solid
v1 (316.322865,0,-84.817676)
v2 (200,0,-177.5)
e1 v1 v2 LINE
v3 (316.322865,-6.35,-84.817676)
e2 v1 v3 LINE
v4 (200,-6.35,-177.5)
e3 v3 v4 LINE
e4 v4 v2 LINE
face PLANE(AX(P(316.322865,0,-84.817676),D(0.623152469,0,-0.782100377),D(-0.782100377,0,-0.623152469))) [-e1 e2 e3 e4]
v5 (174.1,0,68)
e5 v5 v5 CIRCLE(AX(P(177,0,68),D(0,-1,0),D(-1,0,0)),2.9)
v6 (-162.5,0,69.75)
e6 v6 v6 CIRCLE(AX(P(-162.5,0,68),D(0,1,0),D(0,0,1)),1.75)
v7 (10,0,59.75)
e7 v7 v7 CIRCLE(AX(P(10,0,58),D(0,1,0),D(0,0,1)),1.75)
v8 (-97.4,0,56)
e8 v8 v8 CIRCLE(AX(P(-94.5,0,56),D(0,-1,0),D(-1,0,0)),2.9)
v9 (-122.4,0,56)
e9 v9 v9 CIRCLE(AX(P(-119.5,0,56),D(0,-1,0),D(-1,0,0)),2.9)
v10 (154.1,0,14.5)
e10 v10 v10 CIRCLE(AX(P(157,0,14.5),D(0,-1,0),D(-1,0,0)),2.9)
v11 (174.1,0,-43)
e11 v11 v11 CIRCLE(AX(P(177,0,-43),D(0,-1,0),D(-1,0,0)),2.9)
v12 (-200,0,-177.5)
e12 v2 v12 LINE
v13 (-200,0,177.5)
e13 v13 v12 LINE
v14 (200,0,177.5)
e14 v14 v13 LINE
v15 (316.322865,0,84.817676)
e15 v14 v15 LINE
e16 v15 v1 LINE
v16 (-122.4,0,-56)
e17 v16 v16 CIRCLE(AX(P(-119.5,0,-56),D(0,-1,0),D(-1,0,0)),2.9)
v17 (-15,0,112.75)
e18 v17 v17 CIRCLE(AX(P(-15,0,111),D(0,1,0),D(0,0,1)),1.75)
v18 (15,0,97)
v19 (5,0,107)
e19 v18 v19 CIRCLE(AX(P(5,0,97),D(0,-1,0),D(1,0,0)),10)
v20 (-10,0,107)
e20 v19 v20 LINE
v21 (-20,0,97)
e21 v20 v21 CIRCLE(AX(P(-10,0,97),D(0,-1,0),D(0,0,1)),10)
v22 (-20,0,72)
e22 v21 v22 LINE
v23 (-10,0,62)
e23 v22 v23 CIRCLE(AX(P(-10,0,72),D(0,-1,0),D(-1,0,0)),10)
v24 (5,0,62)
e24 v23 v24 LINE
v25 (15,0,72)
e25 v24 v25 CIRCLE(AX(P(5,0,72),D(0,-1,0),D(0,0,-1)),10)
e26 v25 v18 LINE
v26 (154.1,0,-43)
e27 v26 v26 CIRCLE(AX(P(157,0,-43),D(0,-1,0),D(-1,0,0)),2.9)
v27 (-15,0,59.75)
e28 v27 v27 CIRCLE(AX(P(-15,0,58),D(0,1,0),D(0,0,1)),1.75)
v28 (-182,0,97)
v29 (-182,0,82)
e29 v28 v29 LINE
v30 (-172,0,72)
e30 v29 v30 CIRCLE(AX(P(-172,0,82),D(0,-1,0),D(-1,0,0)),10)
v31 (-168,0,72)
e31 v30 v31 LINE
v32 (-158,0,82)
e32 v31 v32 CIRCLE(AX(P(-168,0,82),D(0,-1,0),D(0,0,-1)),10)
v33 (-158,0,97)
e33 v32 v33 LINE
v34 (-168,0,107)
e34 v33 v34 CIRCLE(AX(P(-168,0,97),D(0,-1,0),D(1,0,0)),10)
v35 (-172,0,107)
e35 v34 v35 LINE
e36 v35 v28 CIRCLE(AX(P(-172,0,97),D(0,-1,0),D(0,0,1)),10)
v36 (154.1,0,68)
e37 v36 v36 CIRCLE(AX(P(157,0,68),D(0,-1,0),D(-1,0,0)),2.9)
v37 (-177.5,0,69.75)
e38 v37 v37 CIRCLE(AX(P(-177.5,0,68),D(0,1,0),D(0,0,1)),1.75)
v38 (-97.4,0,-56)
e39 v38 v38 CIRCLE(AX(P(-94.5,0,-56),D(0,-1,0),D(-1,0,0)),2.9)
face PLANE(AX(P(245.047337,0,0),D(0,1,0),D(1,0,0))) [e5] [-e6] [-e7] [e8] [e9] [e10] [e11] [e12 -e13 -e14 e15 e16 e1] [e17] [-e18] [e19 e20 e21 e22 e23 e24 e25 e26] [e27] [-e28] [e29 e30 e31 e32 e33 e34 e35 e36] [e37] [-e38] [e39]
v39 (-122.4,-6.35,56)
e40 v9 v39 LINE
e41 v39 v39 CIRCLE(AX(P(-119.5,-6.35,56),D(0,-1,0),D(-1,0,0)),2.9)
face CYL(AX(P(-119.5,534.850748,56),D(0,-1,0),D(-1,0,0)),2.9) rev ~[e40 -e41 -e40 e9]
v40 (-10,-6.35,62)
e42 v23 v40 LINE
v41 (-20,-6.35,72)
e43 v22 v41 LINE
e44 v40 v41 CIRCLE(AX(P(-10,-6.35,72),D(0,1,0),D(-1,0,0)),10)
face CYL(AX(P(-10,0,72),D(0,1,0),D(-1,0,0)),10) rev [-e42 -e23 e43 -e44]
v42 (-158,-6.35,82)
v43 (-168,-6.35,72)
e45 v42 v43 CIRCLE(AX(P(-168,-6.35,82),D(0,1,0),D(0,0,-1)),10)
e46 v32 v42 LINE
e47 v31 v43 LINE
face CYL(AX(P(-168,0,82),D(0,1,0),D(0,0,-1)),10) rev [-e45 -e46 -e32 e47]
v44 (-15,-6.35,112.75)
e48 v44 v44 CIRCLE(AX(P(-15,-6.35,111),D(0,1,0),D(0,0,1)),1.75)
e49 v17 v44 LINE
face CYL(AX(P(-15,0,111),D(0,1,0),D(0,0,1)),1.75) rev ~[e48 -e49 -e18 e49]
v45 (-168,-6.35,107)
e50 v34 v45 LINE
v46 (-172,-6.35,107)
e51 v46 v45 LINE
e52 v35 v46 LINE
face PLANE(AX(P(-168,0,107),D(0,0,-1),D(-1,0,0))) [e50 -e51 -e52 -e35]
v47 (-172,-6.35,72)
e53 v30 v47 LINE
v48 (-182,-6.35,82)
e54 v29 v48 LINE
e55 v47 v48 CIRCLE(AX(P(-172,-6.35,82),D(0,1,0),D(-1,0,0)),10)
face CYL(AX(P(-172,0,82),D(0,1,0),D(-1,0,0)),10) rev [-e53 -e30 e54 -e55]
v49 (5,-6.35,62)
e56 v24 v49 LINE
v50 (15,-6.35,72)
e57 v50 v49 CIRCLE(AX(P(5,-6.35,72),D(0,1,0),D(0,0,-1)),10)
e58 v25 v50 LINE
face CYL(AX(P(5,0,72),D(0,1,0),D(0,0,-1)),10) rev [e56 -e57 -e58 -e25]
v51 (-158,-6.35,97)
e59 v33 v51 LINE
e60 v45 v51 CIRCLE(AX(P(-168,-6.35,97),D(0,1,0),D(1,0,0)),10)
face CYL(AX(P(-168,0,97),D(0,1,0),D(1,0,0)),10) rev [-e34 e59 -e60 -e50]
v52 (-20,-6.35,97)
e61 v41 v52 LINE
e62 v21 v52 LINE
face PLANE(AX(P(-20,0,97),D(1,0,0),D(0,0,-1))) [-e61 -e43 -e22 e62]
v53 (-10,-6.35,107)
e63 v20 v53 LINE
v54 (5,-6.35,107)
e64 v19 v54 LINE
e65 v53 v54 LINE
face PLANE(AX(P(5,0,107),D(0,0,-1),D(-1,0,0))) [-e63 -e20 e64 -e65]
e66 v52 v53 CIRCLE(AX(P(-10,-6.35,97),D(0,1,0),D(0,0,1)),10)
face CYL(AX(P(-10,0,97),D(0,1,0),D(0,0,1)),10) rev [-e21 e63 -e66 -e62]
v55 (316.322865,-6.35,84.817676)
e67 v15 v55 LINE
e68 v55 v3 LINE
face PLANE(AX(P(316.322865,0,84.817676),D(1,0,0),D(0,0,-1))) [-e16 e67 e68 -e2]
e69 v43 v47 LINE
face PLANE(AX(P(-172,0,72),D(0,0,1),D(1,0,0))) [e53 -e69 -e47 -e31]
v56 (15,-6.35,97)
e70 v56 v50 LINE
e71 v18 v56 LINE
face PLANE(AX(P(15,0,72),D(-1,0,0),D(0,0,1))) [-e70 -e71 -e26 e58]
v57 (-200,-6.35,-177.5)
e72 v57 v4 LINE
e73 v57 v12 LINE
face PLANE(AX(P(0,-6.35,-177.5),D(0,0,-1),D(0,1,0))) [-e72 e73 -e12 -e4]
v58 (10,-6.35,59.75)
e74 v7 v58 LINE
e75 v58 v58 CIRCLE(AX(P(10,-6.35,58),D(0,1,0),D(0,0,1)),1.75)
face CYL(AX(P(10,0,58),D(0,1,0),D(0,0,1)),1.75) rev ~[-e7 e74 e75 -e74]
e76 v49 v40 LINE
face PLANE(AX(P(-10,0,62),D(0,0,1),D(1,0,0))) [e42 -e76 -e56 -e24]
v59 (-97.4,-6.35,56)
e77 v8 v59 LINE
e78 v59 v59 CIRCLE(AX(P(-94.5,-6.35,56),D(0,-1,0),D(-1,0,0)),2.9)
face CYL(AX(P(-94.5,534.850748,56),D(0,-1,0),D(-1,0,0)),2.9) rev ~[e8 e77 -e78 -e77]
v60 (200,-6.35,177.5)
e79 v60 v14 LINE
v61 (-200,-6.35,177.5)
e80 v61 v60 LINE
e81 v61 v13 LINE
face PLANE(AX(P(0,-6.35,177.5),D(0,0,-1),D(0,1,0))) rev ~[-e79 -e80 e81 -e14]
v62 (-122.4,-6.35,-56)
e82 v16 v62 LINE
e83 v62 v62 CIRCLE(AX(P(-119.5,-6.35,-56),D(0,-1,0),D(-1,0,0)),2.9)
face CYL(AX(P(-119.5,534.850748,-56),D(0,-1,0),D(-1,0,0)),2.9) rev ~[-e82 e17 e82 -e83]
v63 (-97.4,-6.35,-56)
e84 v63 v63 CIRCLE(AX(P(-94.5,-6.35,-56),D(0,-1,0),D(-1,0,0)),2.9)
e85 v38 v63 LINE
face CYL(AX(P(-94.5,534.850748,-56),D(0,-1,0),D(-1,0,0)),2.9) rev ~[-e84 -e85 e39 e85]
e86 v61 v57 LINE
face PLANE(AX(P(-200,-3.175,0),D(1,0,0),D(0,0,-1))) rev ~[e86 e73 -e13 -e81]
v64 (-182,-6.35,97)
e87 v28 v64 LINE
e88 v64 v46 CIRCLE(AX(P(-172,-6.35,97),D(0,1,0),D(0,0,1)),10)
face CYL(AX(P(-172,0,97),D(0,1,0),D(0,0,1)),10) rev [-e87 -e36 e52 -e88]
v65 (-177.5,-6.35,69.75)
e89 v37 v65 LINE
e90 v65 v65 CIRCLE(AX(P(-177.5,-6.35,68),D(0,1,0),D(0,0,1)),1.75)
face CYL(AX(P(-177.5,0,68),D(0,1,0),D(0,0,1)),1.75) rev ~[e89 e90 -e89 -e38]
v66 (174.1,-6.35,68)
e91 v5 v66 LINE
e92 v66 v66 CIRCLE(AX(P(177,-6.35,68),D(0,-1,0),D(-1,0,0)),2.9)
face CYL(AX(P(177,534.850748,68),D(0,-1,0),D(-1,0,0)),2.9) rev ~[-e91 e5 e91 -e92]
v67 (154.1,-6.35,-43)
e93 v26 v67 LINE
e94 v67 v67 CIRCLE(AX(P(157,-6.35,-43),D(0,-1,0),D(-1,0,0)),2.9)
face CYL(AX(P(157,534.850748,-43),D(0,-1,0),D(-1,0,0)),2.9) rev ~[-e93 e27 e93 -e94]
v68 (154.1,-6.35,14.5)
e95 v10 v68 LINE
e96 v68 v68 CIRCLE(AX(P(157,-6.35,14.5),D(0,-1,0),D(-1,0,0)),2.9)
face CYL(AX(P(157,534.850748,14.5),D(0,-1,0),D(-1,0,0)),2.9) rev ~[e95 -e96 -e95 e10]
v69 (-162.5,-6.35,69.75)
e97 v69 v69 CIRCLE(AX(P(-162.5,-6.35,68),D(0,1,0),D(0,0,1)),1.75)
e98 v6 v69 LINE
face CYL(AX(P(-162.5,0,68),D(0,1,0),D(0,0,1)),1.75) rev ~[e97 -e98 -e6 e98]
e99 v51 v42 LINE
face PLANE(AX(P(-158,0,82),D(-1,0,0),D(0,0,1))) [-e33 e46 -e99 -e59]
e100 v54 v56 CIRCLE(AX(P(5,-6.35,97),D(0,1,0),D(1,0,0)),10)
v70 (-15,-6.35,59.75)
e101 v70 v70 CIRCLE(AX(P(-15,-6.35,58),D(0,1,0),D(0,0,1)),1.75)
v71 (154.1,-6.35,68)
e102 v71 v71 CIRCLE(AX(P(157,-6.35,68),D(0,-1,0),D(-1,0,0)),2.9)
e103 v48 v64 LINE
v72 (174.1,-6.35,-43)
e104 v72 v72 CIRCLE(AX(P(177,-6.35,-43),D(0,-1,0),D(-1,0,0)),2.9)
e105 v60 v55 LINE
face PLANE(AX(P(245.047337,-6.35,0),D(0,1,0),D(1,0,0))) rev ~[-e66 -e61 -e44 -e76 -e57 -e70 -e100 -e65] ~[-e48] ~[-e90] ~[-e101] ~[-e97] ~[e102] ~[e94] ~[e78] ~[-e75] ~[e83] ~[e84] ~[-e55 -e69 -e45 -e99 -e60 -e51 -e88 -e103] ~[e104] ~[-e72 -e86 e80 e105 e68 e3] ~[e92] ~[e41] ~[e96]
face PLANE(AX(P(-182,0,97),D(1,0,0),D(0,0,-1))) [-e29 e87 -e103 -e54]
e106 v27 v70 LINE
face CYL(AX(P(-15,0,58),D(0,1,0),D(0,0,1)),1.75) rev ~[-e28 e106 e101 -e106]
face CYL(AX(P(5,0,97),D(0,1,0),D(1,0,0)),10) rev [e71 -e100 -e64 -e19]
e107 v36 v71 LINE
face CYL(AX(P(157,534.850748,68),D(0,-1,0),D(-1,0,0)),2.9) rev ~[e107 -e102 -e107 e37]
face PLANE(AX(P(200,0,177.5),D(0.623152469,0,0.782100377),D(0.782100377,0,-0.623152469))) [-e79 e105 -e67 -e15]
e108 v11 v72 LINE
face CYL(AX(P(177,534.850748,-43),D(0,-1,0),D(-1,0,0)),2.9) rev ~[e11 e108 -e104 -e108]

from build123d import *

# Parameters (mm, degrees)
SKETCH1_W            = 355
SKETCH1_H            = 6.35
BOSS_EXTRUDE1_DEPTH  = 200
SKETCH28_R           = 1.75
RELIEF_CUTS_DEPTH    = 10
M5_CLEARANCE_HOLE1_D = 5.8
BOSS_EXTRUDE2_DEPTH  = 6.35


with BuildPart() as part:
    # Sketch1 → Boss-Extrude1 (new, symmetric)
    with BuildSketch(Plane(origin=(0, 0, 0), x_dir=(0, 0, -1), z_dir=(1, 0, 0))):
        with Locations((0, -3.175)):
            Rectangle(SKETCH1_W, SKETCH1_H)
    extrude(amount=BOSS_EXTRUDE1_DEPTH, both=True)

    # Sketch28 → Relief Cuts (cut)
    with BuildSketch(Plane(origin=(0, 0, 0), x_dir=(-1, 0, 0), z_dir=(0, 1, 0))):
        with Locations(Location((15, 111, 0), (0, 0, 90))):
            Circle(SKETCH28_R)
        with Locations(Location((15, 58, 0), (0, 0, 90))):
            Circle(SKETCH28_R)
        with Locations(Location((-10, 58, 0), (0, 0, 90))):
            Circle(SKETCH28_R)
        with Locations(Location((162.5, 68, 0), (0, 0, 90))):
            Circle(SKETCH28_R)
        with Locations(Location((177.5, 68, 0), (0, 0, 90))):
            Circle(SKETCH28_R)
        with BuildLine():
            Line((10, 62), (-5, 62))
            ThreePointArc((-5, 62), (-12.071067812, 64.928932188), (-15, 72))
            Line((-15, 72), (-15, 97))
            ThreePointArc((-15, 97), (-12.071067812, 104.071067812), (-5, 107))
            Line((-5, 107), (10, 107))
            ThreePointArc((10, 107), (17.071067812, 104.071067812), (20, 97))
            Line((20, 97), (20, 72))
            ThreePointArc((20, 72), (17.071067812, 64.928932188), (10, 62))
        make_face()
        with BuildLine():
            Line((168, 107), (172, 107))
            ThreePointArc((172, 107), (179.071067812, 104.071067812), (182, 97))
            Line((182, 97), (182, 82))
            ThreePointArc((182, 82), (179.071067812, 74.928932188), (172, 72))
            Line((172, 72), (168, 72))
            ThreePointArc((168, 72), (160.928932188, 74.928932188), (158, 82))
            Line((158, 82), (158, 97))
            ThreePointArc((158, 97), (160.928932188, 104.071067812), (168, 107))
        make_face()
    extrude(amount=-RELIEF_CUTS_DEPTH, mode=Mode.SUBTRACT)

    # M5 Clearance Hole1 (through all)
    with Locations(Plane(origin=(0, 0, 0), x_dir=(1, 0, 0), z_dir=(0, 1, 0))):
        with Locations((-119.5, 56), (-94.5, 56), (-94.5, -56), (-119.5, -56), (157, -68), (157, -14.5), (157, 43), (177, 43), (177, -68)):
            Hole(M5_CLEARANCE_HOLE1_D / 2)

    # Sketch33 → Boss-Extrude2 (add)
    with BuildSketch(Plane(origin=(0, 0, 0), x_dir=(1, 0, 0), z_dir=(0, 1, 0))):
        Polygon((200, 177.5), (200, -177.5), (316.322865072, -84.817675973), (316.322865072, 84.817675973), align=None)
    extrude(amount=-BOSS_EXTRUDE2_DEPTH)


solid = part.part
